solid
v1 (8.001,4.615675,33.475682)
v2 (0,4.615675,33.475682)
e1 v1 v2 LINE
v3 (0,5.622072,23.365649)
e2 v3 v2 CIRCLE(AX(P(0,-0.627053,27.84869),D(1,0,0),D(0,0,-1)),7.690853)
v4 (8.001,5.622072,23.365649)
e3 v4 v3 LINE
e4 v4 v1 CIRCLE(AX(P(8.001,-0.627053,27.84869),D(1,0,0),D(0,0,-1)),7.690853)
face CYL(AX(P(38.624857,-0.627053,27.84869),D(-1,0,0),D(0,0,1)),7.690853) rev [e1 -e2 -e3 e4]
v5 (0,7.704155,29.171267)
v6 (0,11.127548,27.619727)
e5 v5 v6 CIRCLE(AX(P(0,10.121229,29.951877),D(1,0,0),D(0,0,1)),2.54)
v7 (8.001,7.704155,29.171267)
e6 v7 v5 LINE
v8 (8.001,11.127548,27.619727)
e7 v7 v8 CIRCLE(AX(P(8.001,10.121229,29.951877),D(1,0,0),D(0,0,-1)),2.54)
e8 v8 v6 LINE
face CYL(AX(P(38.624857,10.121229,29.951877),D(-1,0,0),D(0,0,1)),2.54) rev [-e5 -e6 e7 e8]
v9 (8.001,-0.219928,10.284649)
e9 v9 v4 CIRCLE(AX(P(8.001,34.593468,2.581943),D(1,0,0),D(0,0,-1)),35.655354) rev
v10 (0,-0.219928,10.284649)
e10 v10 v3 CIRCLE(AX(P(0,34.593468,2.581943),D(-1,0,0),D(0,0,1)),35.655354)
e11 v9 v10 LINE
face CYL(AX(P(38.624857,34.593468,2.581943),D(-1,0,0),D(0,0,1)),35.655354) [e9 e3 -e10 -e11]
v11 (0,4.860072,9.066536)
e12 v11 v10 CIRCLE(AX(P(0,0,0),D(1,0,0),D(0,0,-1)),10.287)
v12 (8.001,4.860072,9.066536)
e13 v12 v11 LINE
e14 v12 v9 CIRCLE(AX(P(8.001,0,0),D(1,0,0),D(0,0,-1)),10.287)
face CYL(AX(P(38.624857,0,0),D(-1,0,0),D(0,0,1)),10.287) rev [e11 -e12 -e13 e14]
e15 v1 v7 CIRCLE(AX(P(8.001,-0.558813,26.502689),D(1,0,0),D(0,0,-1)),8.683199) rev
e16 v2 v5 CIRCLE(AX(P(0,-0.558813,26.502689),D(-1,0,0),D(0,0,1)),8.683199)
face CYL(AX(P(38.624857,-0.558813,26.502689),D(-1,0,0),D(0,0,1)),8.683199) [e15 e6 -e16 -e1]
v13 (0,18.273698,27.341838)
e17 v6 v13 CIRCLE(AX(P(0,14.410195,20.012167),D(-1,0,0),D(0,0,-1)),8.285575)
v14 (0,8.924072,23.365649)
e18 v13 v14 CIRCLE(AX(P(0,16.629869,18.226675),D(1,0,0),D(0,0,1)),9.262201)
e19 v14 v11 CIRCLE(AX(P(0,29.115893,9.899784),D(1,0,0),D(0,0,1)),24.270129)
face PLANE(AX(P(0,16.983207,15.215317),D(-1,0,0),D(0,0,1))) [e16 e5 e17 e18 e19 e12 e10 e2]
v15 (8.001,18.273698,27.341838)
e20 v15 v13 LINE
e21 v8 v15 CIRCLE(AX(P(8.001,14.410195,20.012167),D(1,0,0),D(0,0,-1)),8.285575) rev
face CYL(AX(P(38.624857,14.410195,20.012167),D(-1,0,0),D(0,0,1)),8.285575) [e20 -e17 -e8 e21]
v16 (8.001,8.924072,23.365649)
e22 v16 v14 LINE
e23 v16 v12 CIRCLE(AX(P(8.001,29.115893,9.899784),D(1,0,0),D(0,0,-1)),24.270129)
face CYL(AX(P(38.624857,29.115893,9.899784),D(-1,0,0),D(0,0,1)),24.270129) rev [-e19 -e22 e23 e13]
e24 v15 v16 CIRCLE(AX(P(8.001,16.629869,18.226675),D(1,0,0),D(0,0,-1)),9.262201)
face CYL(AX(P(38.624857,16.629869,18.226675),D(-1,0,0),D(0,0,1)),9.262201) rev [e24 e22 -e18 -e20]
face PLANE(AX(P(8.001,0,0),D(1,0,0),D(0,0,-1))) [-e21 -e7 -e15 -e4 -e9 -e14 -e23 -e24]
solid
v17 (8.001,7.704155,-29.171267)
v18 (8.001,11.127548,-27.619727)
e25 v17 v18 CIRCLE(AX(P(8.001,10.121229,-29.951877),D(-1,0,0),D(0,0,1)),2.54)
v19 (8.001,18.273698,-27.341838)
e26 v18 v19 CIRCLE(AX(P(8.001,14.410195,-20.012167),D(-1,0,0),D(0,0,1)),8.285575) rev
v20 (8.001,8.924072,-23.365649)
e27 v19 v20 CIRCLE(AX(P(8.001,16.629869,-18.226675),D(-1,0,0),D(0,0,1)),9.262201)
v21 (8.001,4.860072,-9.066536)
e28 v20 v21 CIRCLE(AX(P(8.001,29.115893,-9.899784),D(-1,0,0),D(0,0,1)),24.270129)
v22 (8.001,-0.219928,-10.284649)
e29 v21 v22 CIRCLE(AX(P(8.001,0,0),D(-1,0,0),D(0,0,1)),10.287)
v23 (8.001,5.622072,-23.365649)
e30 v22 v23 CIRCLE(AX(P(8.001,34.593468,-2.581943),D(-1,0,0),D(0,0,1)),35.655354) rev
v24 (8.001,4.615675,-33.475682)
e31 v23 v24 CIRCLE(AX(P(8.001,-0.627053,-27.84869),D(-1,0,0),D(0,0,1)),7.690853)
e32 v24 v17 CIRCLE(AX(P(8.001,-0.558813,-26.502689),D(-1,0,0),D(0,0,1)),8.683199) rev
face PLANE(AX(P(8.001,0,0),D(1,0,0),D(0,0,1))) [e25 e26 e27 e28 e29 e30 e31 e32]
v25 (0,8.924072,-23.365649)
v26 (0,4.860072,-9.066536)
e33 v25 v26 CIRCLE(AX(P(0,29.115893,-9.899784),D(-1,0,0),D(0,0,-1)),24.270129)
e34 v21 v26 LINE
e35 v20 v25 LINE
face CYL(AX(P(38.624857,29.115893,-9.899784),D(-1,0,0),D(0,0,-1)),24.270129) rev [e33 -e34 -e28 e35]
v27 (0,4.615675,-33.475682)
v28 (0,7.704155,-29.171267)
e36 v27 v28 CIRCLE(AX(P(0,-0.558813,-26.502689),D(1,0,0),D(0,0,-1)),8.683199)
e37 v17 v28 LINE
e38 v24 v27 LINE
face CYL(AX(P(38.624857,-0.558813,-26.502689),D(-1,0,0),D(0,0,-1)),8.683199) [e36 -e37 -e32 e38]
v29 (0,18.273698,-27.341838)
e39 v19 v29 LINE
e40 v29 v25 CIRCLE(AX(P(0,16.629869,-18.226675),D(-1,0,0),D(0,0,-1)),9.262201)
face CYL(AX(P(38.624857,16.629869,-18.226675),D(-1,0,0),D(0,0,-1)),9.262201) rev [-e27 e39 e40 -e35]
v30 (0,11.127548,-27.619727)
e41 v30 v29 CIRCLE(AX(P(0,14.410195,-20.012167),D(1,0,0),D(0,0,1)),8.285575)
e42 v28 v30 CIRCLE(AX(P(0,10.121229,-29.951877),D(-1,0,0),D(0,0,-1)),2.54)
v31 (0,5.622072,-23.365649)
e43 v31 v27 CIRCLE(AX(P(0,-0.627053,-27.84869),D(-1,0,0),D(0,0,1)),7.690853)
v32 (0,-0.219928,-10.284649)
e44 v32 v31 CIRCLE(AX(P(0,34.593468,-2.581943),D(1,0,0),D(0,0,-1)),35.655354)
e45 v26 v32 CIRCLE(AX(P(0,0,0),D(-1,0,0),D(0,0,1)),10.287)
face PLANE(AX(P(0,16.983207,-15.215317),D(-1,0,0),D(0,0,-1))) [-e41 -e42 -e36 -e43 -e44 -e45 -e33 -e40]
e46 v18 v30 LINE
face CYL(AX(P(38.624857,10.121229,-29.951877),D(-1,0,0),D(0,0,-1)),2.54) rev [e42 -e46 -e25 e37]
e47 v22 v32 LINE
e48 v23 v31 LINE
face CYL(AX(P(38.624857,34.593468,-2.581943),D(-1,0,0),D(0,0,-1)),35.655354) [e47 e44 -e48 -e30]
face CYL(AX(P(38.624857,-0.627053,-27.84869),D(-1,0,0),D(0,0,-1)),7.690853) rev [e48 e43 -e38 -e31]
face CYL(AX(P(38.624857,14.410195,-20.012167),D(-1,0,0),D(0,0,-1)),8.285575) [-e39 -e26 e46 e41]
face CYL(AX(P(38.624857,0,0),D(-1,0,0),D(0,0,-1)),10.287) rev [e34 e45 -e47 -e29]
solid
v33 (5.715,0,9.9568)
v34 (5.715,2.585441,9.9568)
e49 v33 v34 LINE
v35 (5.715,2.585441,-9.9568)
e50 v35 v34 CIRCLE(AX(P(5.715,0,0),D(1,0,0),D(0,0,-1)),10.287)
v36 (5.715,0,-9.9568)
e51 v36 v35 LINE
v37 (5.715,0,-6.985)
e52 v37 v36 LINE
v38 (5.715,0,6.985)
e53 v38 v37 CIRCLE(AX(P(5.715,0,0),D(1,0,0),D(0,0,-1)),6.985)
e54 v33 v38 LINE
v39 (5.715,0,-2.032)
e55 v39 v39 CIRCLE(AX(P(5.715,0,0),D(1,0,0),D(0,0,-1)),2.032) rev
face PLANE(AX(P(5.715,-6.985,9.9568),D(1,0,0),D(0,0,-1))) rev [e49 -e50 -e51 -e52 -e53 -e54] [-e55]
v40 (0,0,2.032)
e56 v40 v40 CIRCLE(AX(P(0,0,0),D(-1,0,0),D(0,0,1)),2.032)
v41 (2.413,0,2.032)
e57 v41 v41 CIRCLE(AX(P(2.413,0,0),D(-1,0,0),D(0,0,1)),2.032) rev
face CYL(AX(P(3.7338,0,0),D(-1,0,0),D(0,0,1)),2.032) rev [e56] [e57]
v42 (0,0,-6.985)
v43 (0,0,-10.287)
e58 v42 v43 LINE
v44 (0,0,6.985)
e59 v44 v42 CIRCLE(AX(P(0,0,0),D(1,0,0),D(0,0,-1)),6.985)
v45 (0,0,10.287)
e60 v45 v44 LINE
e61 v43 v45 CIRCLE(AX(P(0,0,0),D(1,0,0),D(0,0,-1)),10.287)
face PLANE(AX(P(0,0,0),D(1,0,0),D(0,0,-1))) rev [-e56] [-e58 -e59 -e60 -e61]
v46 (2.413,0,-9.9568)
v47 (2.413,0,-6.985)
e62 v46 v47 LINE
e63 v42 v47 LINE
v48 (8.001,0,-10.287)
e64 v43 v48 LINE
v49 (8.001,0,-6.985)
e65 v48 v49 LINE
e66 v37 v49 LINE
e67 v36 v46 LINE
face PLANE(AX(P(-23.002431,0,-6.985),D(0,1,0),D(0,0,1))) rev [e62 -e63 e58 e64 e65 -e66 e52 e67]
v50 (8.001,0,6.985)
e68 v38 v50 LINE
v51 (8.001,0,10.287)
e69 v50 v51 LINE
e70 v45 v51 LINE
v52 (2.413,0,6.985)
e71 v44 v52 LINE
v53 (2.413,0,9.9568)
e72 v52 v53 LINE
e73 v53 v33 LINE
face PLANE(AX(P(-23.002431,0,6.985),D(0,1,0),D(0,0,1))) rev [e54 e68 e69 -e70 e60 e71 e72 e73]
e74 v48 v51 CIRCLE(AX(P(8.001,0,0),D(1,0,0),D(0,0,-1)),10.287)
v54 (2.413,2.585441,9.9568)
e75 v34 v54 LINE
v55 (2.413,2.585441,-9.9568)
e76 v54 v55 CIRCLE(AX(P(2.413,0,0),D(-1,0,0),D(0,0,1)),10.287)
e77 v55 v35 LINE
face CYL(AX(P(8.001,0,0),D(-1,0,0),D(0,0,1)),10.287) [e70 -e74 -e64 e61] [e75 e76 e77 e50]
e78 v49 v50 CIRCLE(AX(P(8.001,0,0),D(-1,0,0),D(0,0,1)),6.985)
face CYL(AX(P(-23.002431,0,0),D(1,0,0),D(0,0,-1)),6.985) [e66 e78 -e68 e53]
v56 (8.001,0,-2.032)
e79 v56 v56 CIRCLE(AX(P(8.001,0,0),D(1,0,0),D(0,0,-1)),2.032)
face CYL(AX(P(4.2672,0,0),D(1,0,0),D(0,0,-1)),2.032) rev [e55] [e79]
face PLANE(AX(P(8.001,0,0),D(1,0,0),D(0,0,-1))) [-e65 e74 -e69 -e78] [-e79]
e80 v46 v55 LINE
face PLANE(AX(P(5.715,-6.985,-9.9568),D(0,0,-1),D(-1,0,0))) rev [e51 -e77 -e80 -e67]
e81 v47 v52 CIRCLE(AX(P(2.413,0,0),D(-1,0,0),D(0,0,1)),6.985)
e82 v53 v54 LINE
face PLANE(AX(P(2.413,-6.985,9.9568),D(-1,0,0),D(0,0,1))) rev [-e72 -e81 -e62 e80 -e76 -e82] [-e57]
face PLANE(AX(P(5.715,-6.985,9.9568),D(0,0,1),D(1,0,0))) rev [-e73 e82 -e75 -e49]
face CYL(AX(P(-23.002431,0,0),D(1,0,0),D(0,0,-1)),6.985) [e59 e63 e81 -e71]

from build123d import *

# Parameters (mm, degrees)
SKETCH1_R           = 10.287
BOSS_EXTRUDE1_DEPTH = 8.001
SKETCH2_R           = 2.032
CUT_EXTRUDE1_DEPTH  = 3.7338
CUT_EXTRUDE2_START  = -3.7338
SKETCH3_R           = 2.032
CUT_EXTRUDE2_DEPTH  = 3.7338
BOSS_EXTRUDE2_DEPTH = 8.001
CUT_EXTRUDE3_START  = -8.001
CUT_EXTRUDE3_DEPTH  = 8.001
SKETCH6_W           = 3.302
SKETCH6_H           = 19.9136
CUT_EXTRUDE4_DEPTH  = 39.509209906


with BuildPart() as part:
    # Sketch1 → Boss-Extrude1 (new body)
    with BuildSketch(Plane(origin=(0, 0, 0), x_dir=(0, 0, -1), z_dir=(1, 0, 0))):
        Circle(SKETCH1_R)
    extrude(amount=BOSS_EXTRUDE1_DEPTH)

    # Sketch2 → Cut-Extrude1 (cut)
    with BuildSketch(Plane(origin=(8.001, 0, 0), x_dir=(0, 0, -1), z_dir=(1, 0, 0))):
        Circle(SKETCH2_R)
    extrude(amount=-CUT_EXTRUDE1_DEPTH, mode=Mode.SUBTRACT)

    # Sketch3 → Cut-Extrude2 (cut)
    with BuildSketch(Plane.ZY.offset(CUT_EXTRUDE2_START)):
        with Locations(Location((0, 0, 0), (0, 0, 180))):
            Circle(SKETCH3_R)
    extrude(amount=CUT_EXTRUDE2_DEPTH, mode=Mode.SUBTRACT)

    # Sketch5 → Cut-Extrude3 (cut)
    with BuildSketch(Plane(origin=(8.001, 0, 0), x_dir=(0, 0, -1), z_dir=(1, 0, 0)).offset(CUT_EXTRUDE3_START)):
        with BuildLine():
            Line((-6.985, 0), (-10.287, 0))
            ThreePointArc((-10.287, 0), (0, -10.287), (10.287, 0))
            Line((10.287, 0), (6.985, 0))
            ThreePointArc((6.985, 0), (0, -6.985), (-6.985, 0))
        make_face()
    extrude(amount=CUT_EXTRUDE3_DEPTH, mode=Mode.SUBTRACT)

    # Sketch6 → Cut-Extrude4 (cut, through all)
    with BuildSketch(Plane(origin=(0, 10.287, 0), x_dir=(1, 0, 0), z_dir=(0, 1, 0))):
        with Locations((4.064, 0)):
            Rectangle(SKETCH6_W, SKETCH6_H)
    extrude(amount=-CUT_EXTRUDE4_DEPTH, mode=Mode.SUBTRACT)


with BuildPart() as body_2:
    # Sketch4 → Boss-Extrude2 (new body)
    with BuildSketch(Plane.ZY):
        with BuildLine():
            ThreePointArc((9.066535783, 4.860071799), (10.003433712, 2.398683591), (10.284648783, -0.219928201))
            ThreePointArc((10.284648783, -0.219928201), (17.121583704, 2.037315344), (23.365648783, 5.622071799))
            ThreePointArc((23.365648783, 5.622071799), (28.610506662, 7.025976389), (33.475681659, 4.615674643))
            ThreePointArc((33.475681659, 4.615674643), (31.564768671, 6.496206487), (29.171267322, 7.704155061))
            ThreePointArc((29.171267322, 7.704155061), (27.638389928, 9.072717296), (27.619726913, 11.127547555))
            ThreePointArc((27.619726913, 11.127547555), (28.291483716, 14.73214833), (27.341838119, 18.273698442))
            ThreePointArc((27.341838119, 18.273698442), (26.750112425, 13.005040292), (23.365648783, 8.924071799))
            ThreePointArc((23.365648783, 8.924071799), (16.53490074, 5.770349813), (9.066535783, 4.860071799))
        make_face()
    extrude(amount=-BOSS_EXTRUDE2_DEPTH)


with BuildPart() as body_3:
    # Mirror3: mirrored copy
    add(body_2.part.mirror(Plane.XY))


solid = Compound([part.part, body_2.part, body_3.part])
